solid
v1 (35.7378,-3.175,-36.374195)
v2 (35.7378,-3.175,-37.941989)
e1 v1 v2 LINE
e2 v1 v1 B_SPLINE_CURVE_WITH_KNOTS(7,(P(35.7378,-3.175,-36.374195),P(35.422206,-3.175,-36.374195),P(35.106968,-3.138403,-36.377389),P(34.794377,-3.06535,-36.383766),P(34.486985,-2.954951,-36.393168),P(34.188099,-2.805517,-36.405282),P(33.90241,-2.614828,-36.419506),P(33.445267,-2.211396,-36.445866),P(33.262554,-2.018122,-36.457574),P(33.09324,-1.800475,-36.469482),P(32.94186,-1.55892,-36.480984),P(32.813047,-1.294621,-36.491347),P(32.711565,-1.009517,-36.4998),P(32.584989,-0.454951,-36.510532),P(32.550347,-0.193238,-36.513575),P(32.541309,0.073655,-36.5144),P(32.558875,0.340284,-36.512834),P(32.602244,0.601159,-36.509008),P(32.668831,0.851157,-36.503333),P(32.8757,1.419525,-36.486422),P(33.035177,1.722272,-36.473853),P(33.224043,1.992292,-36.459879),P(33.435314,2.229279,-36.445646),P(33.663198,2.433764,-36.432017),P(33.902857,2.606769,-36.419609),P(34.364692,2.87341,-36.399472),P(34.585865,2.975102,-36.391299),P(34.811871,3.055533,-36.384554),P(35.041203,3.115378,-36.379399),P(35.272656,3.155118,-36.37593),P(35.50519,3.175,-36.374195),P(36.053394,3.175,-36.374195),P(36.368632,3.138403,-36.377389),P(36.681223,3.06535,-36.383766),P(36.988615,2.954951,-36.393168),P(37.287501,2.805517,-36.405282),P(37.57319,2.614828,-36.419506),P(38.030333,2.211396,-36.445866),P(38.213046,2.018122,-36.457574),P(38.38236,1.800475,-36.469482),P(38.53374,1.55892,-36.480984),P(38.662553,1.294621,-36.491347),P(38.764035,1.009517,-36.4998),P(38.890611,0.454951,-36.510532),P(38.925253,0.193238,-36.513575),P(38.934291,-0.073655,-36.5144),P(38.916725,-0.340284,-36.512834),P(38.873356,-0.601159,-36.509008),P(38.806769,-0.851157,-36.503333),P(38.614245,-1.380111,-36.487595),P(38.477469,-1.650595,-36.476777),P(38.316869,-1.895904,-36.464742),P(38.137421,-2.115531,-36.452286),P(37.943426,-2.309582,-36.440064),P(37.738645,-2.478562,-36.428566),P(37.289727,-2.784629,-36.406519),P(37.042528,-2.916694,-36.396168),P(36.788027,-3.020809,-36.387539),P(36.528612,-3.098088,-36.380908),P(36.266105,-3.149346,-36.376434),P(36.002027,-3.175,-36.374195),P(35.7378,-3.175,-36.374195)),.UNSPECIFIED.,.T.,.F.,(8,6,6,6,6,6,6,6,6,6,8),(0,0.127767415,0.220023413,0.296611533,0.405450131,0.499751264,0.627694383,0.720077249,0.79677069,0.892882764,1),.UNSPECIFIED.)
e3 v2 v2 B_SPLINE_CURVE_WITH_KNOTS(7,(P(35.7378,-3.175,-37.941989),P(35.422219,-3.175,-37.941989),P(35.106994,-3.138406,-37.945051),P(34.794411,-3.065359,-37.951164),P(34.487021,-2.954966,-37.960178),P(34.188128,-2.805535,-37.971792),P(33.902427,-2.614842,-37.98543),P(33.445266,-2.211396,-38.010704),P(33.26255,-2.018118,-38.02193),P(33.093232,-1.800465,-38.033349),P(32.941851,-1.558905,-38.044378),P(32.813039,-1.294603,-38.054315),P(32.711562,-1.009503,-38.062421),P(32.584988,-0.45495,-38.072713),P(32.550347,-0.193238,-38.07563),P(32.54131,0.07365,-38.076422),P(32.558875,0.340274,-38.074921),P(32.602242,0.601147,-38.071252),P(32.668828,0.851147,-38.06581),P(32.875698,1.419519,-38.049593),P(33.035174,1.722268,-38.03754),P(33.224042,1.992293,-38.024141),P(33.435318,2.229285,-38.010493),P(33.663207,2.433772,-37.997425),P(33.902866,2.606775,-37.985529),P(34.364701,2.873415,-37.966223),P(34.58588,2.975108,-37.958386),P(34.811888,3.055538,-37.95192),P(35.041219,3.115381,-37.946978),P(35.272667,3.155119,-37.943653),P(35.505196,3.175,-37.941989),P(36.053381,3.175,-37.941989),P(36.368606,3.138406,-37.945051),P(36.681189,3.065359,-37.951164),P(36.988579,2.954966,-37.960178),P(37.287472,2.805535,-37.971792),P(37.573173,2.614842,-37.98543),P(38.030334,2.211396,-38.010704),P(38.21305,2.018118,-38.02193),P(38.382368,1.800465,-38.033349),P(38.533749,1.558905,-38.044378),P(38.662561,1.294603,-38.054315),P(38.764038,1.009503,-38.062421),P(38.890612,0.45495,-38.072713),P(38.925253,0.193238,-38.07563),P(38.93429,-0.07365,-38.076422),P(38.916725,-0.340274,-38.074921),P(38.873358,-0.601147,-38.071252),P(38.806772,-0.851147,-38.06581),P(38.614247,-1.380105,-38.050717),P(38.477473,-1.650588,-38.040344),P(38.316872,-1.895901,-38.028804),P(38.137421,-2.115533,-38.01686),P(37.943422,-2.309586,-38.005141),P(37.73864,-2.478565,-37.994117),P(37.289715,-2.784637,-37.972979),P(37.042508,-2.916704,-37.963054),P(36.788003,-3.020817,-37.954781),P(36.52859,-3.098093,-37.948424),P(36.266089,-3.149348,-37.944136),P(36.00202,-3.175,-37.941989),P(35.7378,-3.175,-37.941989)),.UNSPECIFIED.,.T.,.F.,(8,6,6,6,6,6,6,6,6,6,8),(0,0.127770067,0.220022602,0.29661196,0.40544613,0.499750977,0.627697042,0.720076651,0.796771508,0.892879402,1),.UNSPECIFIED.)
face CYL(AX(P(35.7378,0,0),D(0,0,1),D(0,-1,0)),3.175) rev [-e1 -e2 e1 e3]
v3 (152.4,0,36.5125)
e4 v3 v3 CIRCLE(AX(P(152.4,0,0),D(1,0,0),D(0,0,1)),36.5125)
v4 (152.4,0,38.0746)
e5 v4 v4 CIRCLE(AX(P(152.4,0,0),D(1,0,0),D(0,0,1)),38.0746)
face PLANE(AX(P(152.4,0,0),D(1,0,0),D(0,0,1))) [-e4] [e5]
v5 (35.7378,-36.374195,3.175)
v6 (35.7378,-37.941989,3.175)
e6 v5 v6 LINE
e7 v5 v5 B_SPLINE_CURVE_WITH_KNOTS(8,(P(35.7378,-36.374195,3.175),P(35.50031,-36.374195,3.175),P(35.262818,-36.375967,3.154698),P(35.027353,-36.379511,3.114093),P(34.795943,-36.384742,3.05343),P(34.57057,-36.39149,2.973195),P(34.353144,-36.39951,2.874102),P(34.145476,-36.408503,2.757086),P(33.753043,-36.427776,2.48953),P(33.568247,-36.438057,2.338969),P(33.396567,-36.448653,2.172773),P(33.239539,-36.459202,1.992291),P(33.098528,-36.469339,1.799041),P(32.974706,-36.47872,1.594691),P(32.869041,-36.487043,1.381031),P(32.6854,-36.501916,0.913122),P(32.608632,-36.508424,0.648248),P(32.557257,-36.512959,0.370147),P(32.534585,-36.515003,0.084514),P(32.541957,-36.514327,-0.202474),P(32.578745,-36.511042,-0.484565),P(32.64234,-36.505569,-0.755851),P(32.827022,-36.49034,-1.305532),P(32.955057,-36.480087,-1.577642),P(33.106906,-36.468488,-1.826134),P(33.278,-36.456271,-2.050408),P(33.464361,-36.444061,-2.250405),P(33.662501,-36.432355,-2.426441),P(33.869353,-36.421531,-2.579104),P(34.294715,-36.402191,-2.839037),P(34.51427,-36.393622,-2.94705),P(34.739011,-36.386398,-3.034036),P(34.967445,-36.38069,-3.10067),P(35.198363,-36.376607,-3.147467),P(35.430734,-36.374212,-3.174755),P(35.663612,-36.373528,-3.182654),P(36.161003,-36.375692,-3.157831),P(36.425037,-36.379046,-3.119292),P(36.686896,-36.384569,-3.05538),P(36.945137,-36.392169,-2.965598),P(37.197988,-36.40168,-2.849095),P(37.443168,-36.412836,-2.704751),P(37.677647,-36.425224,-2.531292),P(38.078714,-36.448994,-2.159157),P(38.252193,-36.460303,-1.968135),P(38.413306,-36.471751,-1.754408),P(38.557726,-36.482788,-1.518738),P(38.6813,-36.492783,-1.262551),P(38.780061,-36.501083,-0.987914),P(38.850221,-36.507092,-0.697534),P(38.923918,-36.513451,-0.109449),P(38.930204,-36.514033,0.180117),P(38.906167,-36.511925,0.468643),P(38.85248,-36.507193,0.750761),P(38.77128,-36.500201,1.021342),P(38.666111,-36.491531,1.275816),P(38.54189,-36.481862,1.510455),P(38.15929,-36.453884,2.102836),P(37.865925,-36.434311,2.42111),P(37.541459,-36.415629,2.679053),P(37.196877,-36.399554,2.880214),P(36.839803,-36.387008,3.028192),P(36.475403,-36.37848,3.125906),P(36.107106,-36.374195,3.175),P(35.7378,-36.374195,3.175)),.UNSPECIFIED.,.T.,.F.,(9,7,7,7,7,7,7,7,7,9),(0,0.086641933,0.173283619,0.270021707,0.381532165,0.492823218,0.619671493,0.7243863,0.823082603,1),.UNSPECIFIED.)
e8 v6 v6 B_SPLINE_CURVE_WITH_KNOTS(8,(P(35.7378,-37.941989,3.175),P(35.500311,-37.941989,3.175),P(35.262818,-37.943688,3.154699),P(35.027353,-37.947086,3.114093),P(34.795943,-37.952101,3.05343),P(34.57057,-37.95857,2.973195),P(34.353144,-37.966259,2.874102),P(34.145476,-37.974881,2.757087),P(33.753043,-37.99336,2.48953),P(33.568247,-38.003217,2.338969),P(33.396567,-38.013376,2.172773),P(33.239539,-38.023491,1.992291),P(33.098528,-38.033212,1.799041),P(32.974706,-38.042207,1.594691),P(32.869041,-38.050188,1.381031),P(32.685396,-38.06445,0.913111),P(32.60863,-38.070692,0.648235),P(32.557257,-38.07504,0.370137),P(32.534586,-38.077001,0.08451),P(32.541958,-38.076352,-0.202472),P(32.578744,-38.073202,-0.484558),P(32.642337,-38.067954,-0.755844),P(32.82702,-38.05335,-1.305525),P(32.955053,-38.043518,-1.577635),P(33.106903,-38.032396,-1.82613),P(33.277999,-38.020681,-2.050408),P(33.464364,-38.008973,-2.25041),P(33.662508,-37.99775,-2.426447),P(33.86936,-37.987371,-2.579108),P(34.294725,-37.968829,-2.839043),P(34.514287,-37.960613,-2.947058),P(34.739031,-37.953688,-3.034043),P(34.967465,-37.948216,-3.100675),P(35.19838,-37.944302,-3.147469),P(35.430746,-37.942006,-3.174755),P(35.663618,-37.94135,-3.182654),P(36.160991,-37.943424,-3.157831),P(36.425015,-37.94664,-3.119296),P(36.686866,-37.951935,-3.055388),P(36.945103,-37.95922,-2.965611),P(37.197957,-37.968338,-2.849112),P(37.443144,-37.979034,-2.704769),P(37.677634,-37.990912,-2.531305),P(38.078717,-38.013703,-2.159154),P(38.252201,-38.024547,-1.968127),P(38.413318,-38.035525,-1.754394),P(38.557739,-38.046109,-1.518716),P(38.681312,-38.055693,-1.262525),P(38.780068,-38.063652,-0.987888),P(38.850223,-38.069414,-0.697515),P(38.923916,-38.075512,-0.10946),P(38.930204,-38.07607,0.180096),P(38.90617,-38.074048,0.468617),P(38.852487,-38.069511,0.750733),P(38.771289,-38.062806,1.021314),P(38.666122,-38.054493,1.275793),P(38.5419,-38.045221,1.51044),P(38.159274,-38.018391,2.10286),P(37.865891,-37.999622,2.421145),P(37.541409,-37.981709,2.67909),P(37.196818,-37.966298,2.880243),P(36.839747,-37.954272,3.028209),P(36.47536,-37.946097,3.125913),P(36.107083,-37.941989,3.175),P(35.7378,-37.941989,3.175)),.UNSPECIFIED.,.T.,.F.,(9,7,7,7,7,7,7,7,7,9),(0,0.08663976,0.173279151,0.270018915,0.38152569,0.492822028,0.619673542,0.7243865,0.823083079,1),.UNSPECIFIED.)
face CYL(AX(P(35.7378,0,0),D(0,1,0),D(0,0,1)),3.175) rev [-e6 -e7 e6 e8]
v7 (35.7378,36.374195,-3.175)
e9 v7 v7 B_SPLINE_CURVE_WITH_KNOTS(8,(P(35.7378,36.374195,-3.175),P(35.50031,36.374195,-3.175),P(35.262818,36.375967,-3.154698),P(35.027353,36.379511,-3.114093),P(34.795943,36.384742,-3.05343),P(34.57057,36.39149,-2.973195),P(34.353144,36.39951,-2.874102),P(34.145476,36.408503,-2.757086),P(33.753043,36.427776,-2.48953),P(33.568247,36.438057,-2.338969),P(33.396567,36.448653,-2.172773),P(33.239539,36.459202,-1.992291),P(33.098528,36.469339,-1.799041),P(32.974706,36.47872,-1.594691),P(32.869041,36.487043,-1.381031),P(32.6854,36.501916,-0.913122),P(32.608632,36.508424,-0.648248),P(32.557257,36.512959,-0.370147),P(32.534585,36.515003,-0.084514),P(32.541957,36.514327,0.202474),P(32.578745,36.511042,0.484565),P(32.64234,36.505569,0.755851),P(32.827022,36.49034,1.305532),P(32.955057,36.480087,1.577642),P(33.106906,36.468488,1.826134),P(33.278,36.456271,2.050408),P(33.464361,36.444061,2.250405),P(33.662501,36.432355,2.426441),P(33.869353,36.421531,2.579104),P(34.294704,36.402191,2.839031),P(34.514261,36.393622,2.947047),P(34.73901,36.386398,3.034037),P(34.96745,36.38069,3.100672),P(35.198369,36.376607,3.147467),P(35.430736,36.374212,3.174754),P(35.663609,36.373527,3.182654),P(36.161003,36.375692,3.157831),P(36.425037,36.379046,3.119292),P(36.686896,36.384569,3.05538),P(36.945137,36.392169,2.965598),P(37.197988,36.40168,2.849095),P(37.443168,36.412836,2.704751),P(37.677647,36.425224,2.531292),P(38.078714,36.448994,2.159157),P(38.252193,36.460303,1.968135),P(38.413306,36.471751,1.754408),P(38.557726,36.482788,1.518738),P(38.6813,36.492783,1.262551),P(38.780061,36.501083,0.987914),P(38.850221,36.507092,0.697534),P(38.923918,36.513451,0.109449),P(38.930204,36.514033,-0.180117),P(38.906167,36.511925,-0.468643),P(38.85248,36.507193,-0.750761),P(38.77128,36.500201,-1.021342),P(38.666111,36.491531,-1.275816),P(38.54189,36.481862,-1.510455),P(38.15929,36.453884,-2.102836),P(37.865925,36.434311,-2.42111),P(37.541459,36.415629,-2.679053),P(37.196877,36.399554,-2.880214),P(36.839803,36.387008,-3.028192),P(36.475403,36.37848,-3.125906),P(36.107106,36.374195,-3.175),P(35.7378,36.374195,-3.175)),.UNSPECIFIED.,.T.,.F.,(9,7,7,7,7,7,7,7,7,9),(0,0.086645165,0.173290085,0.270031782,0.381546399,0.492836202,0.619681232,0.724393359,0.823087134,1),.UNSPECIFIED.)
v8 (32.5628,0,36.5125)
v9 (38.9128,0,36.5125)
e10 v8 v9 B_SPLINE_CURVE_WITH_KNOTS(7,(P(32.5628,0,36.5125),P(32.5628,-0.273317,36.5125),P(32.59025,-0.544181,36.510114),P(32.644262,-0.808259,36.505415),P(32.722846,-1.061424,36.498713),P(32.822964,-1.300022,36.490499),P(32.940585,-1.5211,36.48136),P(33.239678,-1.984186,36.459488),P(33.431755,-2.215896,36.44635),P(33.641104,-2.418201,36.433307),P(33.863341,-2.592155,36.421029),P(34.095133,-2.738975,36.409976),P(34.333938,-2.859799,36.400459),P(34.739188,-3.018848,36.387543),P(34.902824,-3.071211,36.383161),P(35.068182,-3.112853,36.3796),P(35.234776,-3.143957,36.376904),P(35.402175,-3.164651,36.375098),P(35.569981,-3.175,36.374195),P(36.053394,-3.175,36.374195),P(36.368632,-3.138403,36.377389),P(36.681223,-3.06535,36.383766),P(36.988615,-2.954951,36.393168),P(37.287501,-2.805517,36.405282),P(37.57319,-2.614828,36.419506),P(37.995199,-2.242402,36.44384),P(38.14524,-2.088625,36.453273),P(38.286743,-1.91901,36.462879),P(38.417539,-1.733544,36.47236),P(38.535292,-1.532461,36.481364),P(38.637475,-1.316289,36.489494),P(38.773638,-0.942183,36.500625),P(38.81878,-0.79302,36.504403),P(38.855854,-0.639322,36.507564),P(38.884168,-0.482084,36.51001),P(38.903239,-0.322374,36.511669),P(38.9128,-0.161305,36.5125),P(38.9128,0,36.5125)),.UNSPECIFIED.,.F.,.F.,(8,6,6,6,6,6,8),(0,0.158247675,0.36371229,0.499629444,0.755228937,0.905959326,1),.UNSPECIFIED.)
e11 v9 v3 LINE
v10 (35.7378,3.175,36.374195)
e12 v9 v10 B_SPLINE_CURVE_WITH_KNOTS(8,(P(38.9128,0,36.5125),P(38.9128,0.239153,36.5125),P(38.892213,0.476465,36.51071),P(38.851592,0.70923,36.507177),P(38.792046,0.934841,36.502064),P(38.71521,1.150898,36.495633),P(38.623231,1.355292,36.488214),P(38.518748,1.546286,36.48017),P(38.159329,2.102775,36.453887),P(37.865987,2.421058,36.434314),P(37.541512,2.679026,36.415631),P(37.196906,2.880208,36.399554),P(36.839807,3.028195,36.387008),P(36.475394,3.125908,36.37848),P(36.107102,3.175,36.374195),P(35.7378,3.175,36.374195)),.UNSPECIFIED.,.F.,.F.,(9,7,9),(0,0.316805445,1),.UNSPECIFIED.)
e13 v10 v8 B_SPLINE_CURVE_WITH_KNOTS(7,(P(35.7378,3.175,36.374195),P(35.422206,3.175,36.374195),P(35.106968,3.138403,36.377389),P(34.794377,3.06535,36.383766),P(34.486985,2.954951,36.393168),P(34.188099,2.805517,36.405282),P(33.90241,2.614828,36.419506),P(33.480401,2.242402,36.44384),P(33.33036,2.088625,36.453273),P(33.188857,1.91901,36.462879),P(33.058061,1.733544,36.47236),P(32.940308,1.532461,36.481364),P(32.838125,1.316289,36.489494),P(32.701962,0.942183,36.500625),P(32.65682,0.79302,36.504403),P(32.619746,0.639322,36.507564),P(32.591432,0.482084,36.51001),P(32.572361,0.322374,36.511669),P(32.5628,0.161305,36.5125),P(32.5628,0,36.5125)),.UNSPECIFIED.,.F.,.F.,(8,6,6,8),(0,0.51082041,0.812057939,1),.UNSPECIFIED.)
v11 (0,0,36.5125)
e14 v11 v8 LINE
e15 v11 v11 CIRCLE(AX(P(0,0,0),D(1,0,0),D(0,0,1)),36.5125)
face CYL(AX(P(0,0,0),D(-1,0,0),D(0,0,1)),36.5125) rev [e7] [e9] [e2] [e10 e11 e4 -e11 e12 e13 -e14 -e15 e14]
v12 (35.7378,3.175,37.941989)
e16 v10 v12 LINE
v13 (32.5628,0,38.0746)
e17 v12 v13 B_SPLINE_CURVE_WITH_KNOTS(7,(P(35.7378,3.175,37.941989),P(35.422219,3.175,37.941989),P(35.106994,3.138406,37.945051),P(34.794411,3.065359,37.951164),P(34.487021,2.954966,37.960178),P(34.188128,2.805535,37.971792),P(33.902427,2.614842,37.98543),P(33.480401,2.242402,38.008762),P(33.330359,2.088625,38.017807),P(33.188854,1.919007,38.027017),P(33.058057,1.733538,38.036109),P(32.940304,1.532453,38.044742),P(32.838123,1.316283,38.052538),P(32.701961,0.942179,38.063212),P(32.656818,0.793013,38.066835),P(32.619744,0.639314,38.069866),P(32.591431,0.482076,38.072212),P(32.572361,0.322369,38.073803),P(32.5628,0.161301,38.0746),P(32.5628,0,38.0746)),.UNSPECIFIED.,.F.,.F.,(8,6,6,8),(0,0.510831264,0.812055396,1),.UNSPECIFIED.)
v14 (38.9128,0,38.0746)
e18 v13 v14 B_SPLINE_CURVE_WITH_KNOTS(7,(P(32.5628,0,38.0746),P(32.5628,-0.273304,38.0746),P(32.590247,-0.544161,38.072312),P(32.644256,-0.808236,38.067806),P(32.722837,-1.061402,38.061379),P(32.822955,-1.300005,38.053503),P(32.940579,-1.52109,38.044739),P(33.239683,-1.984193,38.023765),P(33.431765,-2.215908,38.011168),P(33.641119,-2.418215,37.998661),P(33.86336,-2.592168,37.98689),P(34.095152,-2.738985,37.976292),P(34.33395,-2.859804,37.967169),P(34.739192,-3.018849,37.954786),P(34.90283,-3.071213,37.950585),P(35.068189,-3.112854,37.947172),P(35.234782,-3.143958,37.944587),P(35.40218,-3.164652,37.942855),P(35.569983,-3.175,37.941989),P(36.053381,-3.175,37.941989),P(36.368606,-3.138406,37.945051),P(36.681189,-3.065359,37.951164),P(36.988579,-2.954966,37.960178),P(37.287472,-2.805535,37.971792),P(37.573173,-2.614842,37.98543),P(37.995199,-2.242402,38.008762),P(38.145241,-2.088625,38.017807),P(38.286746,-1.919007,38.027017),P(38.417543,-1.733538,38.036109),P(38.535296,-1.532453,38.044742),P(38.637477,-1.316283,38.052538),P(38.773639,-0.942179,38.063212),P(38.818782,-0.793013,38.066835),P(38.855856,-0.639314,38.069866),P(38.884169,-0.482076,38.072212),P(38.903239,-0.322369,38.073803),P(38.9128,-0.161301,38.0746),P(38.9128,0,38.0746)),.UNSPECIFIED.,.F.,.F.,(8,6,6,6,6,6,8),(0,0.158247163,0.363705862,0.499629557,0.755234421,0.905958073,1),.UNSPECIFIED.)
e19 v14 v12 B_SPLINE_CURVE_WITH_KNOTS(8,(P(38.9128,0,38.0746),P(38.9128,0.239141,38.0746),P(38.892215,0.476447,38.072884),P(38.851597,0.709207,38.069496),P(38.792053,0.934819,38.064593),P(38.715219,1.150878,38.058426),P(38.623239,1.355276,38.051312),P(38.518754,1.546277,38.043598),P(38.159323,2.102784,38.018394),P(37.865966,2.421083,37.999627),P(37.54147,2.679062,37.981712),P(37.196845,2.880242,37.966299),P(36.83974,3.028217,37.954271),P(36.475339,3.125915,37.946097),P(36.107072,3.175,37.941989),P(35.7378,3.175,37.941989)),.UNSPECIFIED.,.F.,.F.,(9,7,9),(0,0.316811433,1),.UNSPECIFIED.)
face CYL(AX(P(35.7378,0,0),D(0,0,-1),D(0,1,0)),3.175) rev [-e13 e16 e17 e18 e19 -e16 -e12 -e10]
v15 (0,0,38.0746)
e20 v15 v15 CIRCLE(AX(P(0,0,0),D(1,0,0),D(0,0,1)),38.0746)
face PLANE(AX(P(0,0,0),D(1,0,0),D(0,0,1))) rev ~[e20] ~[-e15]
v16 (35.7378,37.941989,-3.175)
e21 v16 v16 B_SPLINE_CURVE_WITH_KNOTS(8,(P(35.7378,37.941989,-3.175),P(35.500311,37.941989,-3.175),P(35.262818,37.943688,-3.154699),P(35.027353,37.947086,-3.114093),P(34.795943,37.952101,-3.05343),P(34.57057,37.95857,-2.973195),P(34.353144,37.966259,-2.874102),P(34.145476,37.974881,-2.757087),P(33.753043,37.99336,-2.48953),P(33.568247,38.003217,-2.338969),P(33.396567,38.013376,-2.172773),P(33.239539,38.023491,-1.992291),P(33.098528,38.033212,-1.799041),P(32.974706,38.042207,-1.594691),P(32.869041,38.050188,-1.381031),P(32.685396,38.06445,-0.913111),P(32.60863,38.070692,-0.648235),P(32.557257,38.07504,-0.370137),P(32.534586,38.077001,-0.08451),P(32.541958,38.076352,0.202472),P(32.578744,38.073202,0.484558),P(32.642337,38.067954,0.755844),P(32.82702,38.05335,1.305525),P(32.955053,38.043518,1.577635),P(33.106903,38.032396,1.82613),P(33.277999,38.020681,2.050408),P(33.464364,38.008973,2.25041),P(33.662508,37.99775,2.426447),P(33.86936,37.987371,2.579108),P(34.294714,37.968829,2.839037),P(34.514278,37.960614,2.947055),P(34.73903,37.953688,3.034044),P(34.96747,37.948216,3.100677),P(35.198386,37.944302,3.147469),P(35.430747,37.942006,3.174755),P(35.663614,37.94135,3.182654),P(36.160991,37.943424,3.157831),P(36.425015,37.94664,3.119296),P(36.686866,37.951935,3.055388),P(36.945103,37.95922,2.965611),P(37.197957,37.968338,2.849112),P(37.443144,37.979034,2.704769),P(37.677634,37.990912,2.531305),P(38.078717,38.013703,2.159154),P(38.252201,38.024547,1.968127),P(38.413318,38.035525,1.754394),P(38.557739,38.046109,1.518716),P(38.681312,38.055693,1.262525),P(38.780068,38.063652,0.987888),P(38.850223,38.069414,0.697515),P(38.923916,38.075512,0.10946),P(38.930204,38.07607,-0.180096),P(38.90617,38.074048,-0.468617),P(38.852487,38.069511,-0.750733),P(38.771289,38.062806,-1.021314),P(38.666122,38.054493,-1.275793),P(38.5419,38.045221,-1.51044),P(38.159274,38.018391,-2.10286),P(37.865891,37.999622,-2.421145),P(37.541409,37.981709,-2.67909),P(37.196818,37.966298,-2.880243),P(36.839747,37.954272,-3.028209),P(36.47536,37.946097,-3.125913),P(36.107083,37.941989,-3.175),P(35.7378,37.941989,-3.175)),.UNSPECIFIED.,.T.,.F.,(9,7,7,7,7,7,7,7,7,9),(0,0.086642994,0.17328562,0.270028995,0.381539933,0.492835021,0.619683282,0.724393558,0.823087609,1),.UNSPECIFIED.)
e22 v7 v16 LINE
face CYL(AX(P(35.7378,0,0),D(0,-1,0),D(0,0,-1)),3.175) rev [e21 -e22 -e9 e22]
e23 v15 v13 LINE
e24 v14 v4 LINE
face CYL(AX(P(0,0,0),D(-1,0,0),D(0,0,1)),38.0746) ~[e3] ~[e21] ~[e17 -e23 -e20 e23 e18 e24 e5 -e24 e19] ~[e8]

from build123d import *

# Parameters (mm, degrees)
SKETCH1_R           = 38.0746
SKETCH1_R_2         = 36.5125
BOSS_EXTRUDE1_DEPTH = 152.4
SKETCH2_R           = 3.175
CUT_EXTRUDE1_DEPTH  = 162.632640052
CIRPATTERN1_COUNT   = 4


with BuildPart() as part:
    # Sketch1 → Boss-Extrude1 (new body)
    with BuildSketch(Plane.YZ):
        with Locations(Location((0, 0, 0), (0, 0, 90))):
            Circle(SKETCH1_R)
        with Locations(Location((0, 0, 0), (0, 0, 90))):
            Circle(SKETCH1_R_2, mode=Mode.SUBTRACT)
    extrude(amount=BOSS_EXTRUDE1_DEPTH)

    # Sketch2 → Cut-Extrude1 (cut, through all)
    with BuildSketch(Plane(origin=(0, 0, 0), x_dir=(-1, 0, 0), z_dir=(0, 1, 0))):
        with Locations(Location((-35.7378, 0, 0), (0, 0, 270))):
            Circle(SKETCH2_R)
    cut_extrude1 = extrude(amount=CUT_EXTRUDE1_DEPTH, mode=Mode.SUBTRACT)

    # CirPattern1: Cut-Extrude1 ×4 about axis
    cirpattern1_axis = Axis((152.4, 0, 0), (-1, 0, 0))
    for i in range(1, CIRPATTERN1_COUNT):
        add(cut_extrude1.rotate(cirpattern1_axis, i * 360 / CIRPATTERN1_COUNT), mode=Mode.SUBTRACT)


solid = part.part
